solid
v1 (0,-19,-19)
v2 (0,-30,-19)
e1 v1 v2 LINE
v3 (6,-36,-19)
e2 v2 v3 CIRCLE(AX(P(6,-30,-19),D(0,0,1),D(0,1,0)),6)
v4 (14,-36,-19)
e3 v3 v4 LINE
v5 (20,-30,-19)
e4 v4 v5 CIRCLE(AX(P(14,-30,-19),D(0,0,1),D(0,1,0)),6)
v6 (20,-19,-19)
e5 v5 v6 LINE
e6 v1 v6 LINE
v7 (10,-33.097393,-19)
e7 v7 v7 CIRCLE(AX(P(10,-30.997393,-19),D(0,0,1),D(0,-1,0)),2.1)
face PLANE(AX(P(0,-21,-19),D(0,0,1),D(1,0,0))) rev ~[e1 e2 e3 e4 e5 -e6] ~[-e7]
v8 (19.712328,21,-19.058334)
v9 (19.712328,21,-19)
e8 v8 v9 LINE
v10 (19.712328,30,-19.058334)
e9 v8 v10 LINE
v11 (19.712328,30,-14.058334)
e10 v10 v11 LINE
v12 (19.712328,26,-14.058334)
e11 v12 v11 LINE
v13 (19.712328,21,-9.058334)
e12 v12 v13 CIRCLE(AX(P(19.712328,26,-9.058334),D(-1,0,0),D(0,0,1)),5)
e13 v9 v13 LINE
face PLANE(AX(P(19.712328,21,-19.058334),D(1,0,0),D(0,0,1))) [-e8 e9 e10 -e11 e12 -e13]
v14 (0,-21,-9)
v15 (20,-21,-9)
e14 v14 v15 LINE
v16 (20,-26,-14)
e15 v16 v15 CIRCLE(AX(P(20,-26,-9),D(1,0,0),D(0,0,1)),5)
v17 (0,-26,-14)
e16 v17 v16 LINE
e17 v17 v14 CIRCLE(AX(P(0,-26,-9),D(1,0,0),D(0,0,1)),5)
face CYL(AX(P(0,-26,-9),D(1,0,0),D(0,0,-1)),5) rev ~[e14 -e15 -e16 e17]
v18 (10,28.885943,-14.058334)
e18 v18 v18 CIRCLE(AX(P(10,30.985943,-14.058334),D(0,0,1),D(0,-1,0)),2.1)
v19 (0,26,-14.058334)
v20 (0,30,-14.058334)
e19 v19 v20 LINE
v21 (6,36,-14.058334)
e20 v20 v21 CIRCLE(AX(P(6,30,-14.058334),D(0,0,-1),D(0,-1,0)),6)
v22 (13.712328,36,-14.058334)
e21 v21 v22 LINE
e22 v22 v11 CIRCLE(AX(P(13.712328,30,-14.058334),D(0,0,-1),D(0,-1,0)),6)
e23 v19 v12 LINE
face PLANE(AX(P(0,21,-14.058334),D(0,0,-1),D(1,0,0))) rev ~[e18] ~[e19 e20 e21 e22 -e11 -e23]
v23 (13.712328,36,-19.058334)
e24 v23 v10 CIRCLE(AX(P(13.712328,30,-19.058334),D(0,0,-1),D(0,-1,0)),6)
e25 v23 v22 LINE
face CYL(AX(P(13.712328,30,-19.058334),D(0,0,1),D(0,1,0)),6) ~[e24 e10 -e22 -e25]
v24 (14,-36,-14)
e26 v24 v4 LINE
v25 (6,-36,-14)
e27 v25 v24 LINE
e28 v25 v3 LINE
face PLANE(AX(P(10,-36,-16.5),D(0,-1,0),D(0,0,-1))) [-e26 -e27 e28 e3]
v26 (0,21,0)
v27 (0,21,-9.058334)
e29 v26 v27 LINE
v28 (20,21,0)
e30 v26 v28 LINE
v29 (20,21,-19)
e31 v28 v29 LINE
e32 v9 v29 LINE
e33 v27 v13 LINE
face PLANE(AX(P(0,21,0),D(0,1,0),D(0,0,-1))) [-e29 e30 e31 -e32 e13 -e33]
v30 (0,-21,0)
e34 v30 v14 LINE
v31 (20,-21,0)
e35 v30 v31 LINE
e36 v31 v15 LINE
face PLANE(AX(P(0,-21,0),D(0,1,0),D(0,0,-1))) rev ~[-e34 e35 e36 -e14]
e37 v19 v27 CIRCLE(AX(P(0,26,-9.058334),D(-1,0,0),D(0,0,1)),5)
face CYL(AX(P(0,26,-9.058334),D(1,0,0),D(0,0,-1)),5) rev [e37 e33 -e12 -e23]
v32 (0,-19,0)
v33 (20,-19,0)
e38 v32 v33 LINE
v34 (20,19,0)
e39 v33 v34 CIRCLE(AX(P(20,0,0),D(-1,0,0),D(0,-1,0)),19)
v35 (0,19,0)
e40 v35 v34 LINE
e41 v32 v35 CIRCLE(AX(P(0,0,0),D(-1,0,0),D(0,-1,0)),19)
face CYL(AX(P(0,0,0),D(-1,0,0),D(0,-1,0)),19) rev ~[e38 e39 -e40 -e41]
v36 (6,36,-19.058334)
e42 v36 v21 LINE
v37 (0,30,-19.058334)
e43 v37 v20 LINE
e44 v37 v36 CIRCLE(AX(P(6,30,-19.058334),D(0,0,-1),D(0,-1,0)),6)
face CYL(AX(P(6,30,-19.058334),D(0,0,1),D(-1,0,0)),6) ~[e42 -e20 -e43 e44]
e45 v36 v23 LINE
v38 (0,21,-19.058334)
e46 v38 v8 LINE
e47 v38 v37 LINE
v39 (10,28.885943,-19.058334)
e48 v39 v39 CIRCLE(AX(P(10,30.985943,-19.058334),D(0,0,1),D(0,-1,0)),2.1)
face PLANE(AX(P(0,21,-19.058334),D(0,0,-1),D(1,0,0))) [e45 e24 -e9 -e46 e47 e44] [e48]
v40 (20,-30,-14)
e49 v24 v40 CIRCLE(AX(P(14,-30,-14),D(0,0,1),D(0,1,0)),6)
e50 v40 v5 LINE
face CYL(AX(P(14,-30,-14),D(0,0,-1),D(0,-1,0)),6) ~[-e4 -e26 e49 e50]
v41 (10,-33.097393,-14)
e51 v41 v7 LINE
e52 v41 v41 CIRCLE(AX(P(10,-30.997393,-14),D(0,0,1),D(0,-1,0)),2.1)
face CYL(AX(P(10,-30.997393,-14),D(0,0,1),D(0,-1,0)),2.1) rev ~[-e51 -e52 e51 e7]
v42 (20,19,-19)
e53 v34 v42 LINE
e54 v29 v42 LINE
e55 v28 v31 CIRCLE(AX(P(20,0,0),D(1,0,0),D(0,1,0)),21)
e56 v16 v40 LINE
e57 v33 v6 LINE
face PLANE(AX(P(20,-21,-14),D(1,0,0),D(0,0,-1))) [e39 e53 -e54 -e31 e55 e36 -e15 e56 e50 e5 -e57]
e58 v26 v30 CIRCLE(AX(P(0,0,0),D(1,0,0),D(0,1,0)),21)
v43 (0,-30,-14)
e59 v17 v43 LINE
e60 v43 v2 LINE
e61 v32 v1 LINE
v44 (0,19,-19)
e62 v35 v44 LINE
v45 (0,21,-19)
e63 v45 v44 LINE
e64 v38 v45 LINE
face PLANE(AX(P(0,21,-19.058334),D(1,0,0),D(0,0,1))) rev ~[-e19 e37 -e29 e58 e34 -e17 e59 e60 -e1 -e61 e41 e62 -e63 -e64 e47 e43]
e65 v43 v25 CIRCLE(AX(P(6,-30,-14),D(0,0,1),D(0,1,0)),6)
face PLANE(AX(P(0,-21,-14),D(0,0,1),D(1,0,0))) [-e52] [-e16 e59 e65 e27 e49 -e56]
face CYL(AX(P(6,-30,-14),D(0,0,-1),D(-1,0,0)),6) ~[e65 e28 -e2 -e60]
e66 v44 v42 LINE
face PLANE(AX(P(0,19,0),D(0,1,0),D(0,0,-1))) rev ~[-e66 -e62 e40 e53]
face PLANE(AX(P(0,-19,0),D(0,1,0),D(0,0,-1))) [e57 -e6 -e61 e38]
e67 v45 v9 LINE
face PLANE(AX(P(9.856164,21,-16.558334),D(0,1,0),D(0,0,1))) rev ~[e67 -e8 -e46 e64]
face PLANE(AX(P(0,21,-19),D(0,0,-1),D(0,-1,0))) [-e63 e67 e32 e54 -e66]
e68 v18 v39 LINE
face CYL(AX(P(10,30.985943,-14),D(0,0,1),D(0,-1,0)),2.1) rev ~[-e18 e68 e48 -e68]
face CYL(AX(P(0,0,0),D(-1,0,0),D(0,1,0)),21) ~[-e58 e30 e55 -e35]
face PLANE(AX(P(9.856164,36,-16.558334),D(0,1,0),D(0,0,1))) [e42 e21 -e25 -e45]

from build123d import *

# Parameters (mm, degrees)
PAD001_DEPTH    = 20
POCKET_DEPTH    = 20
SKETCH003_W     = 5
SKETCH003_H     = 20
PAD002_DEPTH    = 15
SKETCH004_W     = 5
SKETCH004_H     = 19.712328
PAD003_DEPTH    = 15
FILLET_R        = 5
FILLET001_R     = 5
SKETCH005_R     = 2.1
POCKET001_DEPTH = 7
FILLET002_R     = 6


with BuildPart() as part:
    # Sketch001 → Pad001 (new body)
    with BuildSketch(Plane.YZ):
        with BuildLine():
            ThreePointArc((21, 0), (0, 21), (-21, 0))
            Line((-21, 0), (-21, -19))
            Line((21, -19), (-21, -19))
            Line((21, 0), (21, -19))
        make_face()
    extrude(amount=PAD001_DEPTH)

    # Sketch002 (on Face5 of Pad001) → Pocket (cut)
    with BuildSketch(Plane(origin=(0, 0, 0), x_dir=(0, 1, 0), z_dir=(-1, 0, 0))):
        with BuildLine():
            ThreePointArc((-19, 0), (0, -19), (19, 0))
            Line((19, 0), (19, 19))
            Line((-19, 19), (19, 19))
            Line((-19, 0), (-19, 19))
        make_face()
    extrude(amount=-POCKET_DEPTH, mode=Mode.SUBTRACT)

    # Sketch003 (on Face3 of Pocket) → Pad002 (join)
    with BuildSketch(Plane(origin=(0, -21, 0), x_dir=(0, 0, -1), z_dir=(0, -1, 0))):
        with Locations((16.5, 10)):
            Rectangle(SKETCH003_W, SKETCH003_H)
    extrude(amount=PAD002_DEPTH)

    # Sketch004 (on Face2 of Pad002) → Pad003 (join)
    with BuildSketch(Plane.ZX.offset(21)):
        with Locations((-16.558334, 9.856164)):
            Rectangle(SKETCH004_W, SKETCH004_H)
    extrude(amount=PAD003_DEPTH)

    # Fillet
    fillet_edges = [part.edges().sort_by_distance(p)[0] for p in [
        (9.856164, 21, -14.058334),
    ]]
    fillet(fillet_edges, radius=FILLET_R)

    # Fillet001
    fillet001_edges = [part.edges().sort_by_distance(p)[0] for p in [
        (10, -21, -14),
    ]]
    fillet(fillet001_edges, radius=FILLET001_R)

    # Sketch005 (on Face14 of Fillet001) → Pocket001 (cut)
    with BuildSketch(Plane(origin=(0, 0, -14), x_dir=(0, -1, 0), z_dir=(0, 0, 1))):
        with Locations((30.997393, 10)):
            Circle(SKETCH005_R)
        with Locations((-30.985943, 10)):
            Circle(SKETCH005_R)
    extrude(amount=-POCKET001_DEPTH, mode=Mode.SUBTRACT)

    # Fillet002
    fillet002_edges = [part.edges().sort_by_distance(p)[0] for p in [
        (0, 36, -16.558334),
        (19.712328, 36, -16.558334),
        (0, -36, -16.5),
        (20, -36, -16.5),
    ]]
    fillet(fillet002_edges, radius=FILLET002_R)


solid = part.part
